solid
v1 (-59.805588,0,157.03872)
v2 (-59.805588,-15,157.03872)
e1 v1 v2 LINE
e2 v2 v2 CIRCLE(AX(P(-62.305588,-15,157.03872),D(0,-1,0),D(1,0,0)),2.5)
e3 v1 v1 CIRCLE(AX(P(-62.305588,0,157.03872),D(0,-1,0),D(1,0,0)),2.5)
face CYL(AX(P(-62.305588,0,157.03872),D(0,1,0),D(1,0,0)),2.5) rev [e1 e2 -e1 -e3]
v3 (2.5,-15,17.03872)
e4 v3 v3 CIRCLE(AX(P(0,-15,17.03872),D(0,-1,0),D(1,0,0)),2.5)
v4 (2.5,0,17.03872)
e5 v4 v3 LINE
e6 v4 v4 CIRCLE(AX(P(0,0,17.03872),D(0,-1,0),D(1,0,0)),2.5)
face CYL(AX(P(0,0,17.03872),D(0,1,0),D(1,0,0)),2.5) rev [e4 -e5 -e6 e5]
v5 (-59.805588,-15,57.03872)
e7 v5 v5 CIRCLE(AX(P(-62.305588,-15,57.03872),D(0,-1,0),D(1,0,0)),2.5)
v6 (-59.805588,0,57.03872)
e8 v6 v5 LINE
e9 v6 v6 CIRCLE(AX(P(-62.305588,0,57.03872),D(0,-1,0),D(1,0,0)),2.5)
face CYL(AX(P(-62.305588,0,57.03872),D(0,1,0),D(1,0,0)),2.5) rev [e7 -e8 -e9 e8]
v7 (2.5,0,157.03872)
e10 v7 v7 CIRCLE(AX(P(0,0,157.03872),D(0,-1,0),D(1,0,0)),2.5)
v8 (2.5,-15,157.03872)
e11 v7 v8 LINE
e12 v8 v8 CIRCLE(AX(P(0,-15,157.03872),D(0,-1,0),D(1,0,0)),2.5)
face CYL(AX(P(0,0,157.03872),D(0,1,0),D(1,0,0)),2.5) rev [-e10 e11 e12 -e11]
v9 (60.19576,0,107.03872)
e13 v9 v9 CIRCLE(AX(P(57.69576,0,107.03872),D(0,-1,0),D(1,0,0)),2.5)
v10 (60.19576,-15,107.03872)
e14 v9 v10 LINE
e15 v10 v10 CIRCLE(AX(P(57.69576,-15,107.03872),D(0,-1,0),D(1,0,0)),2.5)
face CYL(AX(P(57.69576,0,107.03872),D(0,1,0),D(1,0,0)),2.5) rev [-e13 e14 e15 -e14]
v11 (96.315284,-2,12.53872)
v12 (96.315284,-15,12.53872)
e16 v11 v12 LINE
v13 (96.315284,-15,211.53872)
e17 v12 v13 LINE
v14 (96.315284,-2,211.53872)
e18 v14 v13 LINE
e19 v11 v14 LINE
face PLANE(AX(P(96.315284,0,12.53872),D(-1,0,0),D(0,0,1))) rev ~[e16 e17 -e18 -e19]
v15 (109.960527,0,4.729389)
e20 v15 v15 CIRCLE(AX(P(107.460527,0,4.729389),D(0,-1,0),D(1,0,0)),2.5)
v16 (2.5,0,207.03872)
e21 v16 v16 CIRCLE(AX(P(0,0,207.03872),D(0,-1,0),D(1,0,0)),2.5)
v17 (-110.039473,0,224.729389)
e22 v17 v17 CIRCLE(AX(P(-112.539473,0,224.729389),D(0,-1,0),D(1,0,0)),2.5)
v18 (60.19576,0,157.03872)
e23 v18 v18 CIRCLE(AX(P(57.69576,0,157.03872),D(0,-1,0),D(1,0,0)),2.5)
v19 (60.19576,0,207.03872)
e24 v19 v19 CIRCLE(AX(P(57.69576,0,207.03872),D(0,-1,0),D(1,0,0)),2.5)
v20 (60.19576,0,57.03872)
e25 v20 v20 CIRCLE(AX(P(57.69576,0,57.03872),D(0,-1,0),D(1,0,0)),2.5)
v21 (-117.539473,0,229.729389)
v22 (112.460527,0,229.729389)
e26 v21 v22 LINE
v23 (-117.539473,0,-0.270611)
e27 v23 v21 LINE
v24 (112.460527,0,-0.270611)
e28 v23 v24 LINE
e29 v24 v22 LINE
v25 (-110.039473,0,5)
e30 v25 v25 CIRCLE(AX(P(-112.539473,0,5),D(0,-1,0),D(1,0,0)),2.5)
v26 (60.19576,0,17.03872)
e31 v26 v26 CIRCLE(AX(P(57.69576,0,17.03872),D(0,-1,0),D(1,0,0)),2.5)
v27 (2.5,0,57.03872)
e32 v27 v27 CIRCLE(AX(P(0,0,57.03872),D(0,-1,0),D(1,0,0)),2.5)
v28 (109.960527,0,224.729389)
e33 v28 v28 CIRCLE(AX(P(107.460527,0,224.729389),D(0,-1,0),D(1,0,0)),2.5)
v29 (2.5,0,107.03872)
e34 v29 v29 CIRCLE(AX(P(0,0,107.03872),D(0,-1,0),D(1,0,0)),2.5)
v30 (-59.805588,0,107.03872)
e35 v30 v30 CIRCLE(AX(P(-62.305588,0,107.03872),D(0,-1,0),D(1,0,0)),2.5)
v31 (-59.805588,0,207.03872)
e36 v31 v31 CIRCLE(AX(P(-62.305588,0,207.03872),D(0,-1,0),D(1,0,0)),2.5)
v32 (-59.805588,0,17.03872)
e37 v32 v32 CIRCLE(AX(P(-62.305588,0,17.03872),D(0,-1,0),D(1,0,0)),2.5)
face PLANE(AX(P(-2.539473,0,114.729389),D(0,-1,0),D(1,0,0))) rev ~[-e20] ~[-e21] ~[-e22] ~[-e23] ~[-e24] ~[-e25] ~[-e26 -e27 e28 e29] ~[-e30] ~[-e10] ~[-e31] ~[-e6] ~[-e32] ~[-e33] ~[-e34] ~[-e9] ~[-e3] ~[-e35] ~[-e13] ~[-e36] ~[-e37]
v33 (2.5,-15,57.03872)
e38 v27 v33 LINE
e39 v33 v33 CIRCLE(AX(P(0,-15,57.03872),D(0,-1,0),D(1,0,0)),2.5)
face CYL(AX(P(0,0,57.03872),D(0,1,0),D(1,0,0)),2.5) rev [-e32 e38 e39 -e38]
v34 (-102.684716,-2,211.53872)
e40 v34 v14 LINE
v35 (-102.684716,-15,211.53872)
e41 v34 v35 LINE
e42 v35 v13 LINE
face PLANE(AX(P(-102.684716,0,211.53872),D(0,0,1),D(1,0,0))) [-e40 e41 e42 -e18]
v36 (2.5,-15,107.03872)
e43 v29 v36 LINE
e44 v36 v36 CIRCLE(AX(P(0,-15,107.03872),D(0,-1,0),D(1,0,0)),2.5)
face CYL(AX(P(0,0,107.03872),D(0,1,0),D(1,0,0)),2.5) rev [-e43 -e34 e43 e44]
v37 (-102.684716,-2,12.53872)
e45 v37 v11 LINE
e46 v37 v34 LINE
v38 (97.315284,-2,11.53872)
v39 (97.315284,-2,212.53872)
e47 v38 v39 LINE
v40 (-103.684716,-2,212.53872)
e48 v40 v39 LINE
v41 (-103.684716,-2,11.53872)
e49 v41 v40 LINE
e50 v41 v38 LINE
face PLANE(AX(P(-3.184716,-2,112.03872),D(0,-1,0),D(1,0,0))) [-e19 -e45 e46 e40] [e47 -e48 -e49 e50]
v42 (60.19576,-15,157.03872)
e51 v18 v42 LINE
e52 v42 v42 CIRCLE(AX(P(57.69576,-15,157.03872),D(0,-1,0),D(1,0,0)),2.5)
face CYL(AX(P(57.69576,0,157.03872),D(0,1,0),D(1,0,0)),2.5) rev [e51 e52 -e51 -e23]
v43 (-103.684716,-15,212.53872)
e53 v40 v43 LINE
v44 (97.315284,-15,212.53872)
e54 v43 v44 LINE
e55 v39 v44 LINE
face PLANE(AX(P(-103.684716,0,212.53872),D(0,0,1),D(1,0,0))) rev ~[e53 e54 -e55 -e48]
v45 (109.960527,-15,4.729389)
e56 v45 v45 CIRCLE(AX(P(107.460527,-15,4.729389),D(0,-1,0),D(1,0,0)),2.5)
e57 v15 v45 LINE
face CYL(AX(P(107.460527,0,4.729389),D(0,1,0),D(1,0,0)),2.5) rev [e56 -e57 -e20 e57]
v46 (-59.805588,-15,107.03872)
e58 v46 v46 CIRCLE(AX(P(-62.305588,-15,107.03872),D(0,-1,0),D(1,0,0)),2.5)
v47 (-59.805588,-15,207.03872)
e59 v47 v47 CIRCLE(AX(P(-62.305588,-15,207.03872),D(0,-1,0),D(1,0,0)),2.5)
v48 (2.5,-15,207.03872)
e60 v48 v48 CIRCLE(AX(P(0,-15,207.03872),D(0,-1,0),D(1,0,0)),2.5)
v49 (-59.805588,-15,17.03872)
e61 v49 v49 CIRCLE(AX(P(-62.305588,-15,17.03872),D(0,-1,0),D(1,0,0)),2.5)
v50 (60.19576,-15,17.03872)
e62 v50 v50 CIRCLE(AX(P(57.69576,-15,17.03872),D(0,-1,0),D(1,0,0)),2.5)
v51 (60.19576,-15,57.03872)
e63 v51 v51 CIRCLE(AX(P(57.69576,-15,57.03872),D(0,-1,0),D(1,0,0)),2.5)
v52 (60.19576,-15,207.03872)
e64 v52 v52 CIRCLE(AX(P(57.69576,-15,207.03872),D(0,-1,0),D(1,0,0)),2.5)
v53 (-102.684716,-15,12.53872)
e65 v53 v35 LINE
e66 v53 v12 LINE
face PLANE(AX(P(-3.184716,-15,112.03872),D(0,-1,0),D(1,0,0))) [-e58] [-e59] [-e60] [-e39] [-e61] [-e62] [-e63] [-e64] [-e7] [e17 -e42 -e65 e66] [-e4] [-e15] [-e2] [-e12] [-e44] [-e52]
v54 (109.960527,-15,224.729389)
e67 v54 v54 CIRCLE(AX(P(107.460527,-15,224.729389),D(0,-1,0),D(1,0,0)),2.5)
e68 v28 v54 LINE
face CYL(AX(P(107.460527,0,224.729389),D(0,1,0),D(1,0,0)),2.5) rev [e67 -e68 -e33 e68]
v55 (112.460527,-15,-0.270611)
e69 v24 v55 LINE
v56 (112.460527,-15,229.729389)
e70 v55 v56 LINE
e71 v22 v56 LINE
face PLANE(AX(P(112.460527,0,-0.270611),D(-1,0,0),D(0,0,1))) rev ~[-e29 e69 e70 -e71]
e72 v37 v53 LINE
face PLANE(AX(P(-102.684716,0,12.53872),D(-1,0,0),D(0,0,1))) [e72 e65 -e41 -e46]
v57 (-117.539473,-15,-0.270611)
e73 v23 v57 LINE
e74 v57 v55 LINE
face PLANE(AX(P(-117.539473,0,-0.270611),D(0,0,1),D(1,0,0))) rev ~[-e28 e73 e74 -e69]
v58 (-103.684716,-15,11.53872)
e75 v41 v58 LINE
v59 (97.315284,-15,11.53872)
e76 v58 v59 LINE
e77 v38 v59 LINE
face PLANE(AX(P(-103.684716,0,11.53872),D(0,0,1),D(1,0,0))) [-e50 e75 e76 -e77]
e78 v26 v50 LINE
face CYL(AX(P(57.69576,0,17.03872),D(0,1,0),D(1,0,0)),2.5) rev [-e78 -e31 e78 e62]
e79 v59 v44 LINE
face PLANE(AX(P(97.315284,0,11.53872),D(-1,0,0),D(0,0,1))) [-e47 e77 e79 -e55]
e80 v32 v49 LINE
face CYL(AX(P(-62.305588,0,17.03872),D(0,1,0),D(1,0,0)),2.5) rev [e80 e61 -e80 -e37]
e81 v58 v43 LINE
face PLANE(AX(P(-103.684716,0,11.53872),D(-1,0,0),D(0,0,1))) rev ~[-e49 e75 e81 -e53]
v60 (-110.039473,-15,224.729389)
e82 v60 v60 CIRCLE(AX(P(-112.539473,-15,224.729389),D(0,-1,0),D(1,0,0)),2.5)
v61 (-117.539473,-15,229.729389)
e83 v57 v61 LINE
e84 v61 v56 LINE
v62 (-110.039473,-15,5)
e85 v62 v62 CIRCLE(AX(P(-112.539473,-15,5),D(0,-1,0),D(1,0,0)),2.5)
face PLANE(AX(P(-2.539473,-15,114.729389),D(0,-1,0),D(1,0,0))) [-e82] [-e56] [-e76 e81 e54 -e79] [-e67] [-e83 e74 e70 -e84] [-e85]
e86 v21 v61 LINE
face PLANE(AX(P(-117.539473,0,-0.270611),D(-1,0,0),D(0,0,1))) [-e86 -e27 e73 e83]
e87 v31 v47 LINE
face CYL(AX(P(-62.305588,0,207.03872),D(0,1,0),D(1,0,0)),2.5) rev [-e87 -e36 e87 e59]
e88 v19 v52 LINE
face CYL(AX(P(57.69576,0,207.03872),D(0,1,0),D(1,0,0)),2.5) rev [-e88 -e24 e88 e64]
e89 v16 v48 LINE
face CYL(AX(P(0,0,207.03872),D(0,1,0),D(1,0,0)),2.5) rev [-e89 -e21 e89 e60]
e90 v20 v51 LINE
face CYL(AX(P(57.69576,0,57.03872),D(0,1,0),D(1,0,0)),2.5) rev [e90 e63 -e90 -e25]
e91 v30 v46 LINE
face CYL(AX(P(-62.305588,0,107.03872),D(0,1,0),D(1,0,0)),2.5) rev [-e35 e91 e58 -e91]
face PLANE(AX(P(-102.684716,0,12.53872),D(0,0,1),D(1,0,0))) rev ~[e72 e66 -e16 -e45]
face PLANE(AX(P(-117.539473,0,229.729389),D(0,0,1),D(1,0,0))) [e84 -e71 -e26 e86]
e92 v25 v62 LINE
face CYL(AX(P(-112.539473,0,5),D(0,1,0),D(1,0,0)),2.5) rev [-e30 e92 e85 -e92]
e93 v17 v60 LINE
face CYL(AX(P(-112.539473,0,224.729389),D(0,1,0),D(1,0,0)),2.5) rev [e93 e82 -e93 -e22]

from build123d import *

# Parameters (mm, degrees)
F0_W     = 201
F0_H     = 201
F0_W_2   = 199
F0_H_2   = 199
F1_DEPTH = 2
F0_W_3   = 230
F0_H_3   = 230
F0_R     = 2.5
F2_DEPTH = 15


with BuildPart() as f1:
    # F0 (on Front) → F1 (new body)
    with BuildSketch(Plane.XZ):
        with Locations((-3.184716, 112.03872)):
            Rectangle(F0_W, F0_H)
        with Locations((-3.184716, 112.03872)):
            Rectangle(F0_W_2, F0_H_2, mode=Mode.SUBTRACT)
    extrude(amount=F1_DEPTH)

    # F0 (on Front) → F2 (join)
    with BuildSketch(Plane.XZ):
        with Locations((-2.539473, 114.729389)):
            Rectangle(F0_W_3, F0_H_3)
        with Locations((-112.539473, 5)):
            Circle(F0_R, mode=Mode.SUBTRACT)
        with Locations((-3.184716, 112.03872)):
            Rectangle(F0_W, F0_H, mode=Mode.SUBTRACT)
        with Locations((107.460527, 4.729389)):
            Circle(F0_R, mode=Mode.SUBTRACT)
        with Locations((-112.539473, 224.729389)):
            Circle(F0_R, mode=Mode.SUBTRACT)
        with Locations((107.460527, 224.729389)):
            Circle(F0_R, mode=Mode.SUBTRACT)
        with Locations((-3.184716, 112.03872)):
            Rectangle(F0_W_2, F0_H_2)
        with Locations((-62.305588, 17.03872)):
            Circle(F0_R, mode=Mode.SUBTRACT)
        with Locations((-62.305588, 57.03872)):
            Circle(F0_R, mode=Mode.SUBTRACT)
        with Locations((-62.305588, 107.03872)):
            Circle(F0_R, mode=Mode.SUBTRACT)
        with Locations((0, 17.03872)):
            Circle(F0_R, mode=Mode.SUBTRACT)
        with Locations((0, 57.03872)):
            Circle(F0_R, mode=Mode.SUBTRACT)
        with Locations((57.69576, 17.03872)):
            Circle(F0_R, mode=Mode.SUBTRACT)
        with Locations((57.69576, 57.03872)):
            Circle(F0_R, mode=Mode.SUBTRACT)
        with Locations((0, 107.03872)):
            Circle(F0_R, mode=Mode.SUBTRACT)
        with Locations((57.69576, 107.03872)):
            Circle(F0_R, mode=Mode.SUBTRACT)
        with Locations((-62.305588, 157.03872)):
            Circle(F0_R, mode=Mode.SUBTRACT)
        with Locations((-62.305588, 207.03872)):
            Circle(F0_R, mode=Mode.SUBTRACT)
        with Locations((0, 157.03872)):
            Circle(F0_R, mode=Mode.SUBTRACT)
        with Locations((57.69576, 157.03872)):
            Circle(F0_R, mode=Mode.SUBTRACT)
        with Locations((0, 207.03872)):
            Circle(F0_R, mode=Mode.SUBTRACT)
        with Locations((57.69576, 207.03872)):
            Circle(F0_R, mode=Mode.SUBTRACT)
    extrude(amount=F2_DEPTH)


solid = f1.part
